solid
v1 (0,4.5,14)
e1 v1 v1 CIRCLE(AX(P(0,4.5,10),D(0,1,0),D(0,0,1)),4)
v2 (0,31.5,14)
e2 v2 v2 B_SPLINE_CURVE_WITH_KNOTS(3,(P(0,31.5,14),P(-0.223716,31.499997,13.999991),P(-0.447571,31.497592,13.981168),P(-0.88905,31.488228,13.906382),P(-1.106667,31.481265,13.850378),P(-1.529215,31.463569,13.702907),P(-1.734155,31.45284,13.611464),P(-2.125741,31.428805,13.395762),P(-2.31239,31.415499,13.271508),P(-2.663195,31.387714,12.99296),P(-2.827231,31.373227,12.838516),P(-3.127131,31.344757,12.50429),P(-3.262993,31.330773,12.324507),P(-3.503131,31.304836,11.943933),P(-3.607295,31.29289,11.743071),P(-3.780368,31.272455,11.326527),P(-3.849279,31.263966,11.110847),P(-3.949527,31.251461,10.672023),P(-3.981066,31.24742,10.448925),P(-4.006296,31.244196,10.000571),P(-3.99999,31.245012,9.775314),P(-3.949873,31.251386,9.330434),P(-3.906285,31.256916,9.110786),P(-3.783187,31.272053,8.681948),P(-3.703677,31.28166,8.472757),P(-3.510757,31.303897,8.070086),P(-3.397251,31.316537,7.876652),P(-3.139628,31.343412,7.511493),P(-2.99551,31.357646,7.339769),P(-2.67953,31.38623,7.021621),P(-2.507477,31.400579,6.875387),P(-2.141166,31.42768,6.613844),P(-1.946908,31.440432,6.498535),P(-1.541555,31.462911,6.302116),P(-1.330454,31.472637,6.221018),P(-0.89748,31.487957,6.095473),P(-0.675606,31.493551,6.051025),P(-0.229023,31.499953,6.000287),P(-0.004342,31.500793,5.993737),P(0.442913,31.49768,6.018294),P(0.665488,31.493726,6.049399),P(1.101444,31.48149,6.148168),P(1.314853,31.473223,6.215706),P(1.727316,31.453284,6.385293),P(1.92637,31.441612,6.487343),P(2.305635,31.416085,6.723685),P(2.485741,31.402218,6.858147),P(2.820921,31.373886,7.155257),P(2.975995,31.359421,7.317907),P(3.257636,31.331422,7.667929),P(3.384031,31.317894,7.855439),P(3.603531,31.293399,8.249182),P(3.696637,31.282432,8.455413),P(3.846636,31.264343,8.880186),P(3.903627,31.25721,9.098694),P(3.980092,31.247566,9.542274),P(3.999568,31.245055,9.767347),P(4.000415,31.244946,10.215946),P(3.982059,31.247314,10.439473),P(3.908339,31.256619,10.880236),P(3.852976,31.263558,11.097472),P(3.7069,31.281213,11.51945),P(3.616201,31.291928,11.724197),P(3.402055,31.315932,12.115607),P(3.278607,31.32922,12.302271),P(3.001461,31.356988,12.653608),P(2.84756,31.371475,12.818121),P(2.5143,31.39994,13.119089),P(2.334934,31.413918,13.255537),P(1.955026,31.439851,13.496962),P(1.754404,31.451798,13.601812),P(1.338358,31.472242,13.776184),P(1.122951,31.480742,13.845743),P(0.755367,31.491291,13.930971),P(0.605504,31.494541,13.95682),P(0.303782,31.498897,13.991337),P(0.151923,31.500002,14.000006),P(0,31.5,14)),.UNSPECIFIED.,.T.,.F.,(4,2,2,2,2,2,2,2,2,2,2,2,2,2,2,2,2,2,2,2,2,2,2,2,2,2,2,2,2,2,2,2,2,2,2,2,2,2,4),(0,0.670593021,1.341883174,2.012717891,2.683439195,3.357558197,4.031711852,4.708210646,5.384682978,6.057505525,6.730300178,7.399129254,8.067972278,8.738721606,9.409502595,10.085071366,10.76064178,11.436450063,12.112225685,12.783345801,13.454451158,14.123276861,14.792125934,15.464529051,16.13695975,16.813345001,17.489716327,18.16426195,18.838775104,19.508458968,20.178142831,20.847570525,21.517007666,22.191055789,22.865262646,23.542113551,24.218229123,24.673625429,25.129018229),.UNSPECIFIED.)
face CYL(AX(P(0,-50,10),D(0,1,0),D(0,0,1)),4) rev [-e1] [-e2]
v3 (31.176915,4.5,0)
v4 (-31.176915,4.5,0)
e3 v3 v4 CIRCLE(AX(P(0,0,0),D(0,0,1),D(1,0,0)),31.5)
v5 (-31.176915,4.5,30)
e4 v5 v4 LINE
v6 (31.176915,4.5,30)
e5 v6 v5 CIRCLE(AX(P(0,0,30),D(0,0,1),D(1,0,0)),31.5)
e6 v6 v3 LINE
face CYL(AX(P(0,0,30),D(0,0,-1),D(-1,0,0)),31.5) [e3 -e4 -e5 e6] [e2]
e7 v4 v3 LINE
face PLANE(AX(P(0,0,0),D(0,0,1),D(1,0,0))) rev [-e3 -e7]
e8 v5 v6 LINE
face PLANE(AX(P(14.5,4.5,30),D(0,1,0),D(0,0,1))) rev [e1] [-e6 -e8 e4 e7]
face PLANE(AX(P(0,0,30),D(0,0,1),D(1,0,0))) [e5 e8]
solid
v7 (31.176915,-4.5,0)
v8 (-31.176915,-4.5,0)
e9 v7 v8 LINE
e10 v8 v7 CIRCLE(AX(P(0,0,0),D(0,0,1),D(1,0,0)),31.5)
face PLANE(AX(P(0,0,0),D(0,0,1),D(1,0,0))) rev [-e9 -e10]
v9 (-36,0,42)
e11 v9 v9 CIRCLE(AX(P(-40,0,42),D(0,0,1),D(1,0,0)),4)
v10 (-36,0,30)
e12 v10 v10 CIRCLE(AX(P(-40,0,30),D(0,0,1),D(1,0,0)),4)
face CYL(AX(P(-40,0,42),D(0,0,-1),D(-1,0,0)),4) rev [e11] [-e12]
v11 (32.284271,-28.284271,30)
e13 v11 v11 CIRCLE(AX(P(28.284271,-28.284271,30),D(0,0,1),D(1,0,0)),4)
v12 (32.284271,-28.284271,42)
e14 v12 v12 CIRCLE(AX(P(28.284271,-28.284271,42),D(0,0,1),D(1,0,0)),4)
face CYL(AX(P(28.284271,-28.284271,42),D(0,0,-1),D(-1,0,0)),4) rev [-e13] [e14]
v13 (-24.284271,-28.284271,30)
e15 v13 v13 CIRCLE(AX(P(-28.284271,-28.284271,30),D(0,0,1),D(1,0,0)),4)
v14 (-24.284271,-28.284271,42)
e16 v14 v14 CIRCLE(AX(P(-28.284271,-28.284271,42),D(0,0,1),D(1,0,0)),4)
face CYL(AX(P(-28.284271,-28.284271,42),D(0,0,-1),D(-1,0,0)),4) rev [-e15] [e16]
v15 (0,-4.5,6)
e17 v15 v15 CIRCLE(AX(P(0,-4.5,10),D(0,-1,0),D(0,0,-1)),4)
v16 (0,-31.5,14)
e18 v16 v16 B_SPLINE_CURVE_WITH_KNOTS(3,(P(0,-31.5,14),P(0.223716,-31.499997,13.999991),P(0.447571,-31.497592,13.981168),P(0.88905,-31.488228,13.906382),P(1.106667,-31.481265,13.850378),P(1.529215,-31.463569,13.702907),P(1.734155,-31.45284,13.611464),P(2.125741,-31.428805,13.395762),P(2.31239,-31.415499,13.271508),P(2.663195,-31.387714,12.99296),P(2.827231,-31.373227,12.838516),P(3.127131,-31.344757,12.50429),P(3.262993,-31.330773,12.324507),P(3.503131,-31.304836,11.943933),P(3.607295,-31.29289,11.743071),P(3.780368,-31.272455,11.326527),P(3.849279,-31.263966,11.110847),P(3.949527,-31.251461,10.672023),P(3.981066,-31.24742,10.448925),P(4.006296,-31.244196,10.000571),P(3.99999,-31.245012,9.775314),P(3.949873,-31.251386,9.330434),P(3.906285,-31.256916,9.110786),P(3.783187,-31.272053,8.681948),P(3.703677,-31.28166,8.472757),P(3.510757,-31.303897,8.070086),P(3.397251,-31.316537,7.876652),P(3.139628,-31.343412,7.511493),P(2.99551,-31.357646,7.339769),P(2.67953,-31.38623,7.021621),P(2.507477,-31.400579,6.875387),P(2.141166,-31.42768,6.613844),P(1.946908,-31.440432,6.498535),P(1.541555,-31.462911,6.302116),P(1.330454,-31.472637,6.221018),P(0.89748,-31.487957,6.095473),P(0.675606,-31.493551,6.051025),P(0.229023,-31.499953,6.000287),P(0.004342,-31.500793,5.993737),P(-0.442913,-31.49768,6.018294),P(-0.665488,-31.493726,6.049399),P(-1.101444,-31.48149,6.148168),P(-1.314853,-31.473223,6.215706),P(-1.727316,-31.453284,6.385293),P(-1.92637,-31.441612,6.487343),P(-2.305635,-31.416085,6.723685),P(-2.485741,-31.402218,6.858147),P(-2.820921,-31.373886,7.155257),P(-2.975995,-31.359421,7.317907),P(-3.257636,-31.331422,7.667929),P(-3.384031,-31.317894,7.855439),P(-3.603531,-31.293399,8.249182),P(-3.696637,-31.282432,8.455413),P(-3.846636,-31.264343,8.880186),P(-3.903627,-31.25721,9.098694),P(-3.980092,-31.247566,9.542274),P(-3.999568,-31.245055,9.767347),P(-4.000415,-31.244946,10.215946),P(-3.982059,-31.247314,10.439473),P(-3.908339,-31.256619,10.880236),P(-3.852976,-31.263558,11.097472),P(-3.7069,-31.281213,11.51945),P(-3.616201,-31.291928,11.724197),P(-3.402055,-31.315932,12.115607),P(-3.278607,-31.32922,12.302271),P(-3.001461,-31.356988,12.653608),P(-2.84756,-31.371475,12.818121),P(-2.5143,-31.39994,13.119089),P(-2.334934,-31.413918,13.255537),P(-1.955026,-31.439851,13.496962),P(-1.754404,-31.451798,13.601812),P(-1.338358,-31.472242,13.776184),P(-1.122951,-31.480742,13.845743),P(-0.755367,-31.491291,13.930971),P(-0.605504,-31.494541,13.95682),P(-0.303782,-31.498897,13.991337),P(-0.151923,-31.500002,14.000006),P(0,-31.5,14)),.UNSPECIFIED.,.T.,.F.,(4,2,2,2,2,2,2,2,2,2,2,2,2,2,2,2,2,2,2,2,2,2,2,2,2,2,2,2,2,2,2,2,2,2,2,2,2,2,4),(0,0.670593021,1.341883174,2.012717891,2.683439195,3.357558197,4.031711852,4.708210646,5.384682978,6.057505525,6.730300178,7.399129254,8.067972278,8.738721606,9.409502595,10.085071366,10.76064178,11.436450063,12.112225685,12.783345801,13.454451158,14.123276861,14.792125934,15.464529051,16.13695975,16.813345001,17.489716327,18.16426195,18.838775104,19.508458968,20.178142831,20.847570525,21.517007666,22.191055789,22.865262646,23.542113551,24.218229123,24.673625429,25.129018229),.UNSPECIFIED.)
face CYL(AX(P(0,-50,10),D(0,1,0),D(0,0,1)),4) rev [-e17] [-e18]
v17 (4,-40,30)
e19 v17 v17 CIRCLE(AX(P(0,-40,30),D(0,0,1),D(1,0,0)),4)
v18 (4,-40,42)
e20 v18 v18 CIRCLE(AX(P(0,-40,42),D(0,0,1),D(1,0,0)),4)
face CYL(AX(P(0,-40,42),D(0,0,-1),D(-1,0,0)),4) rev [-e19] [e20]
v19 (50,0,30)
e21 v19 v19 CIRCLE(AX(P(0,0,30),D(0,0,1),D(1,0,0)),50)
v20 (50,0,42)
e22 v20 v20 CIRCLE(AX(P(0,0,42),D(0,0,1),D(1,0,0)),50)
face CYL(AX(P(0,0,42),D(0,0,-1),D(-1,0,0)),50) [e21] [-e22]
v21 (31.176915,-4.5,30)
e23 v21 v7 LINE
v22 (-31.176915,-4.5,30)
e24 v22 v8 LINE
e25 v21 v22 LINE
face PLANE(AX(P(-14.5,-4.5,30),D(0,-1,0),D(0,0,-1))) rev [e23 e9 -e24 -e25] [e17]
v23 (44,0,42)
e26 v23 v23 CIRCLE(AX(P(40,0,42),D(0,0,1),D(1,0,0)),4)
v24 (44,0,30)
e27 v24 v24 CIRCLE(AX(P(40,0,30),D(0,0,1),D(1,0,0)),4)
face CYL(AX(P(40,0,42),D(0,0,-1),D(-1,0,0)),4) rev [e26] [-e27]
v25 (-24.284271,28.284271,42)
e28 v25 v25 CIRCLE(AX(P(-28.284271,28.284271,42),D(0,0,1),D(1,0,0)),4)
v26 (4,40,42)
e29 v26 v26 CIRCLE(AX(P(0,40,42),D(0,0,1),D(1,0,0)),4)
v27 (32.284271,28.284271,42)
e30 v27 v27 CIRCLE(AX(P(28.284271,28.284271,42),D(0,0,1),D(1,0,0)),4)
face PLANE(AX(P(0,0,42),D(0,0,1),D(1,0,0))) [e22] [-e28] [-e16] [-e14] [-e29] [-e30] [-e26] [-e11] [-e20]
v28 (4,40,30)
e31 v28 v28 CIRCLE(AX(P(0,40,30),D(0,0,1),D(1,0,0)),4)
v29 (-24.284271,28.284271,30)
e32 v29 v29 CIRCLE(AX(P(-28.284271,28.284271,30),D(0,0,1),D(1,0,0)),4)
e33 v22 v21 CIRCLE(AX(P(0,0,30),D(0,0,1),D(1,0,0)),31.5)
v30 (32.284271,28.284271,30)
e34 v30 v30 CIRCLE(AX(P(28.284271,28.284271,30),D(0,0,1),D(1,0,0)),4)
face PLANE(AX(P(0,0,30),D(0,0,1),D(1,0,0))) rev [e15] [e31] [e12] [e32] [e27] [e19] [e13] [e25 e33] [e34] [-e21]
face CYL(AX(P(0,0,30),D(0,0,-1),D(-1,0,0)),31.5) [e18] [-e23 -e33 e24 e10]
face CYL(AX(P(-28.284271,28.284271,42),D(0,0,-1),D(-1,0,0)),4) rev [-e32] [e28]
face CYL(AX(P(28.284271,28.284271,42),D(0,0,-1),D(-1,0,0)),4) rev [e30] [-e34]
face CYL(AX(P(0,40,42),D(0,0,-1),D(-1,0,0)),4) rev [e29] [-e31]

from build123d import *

# Parameters (mm, degrees)
RESSALTO_EXTRUS_O1_DEPTH   = 30
RESSALTO_EXTRUS_O1_2_DEPTH = 30
ESBO_O2_R                  = 4
CORTE_EXTRUS_O1_DEPTH      = 50
ESBO_O6_R                  = 50
ESBO_O6_R_2                = 4
RESSALTO_EXTRUS_O2_DEPTH   = 12


with BuildPart() as part:
    # Esboço1 → Ressalto-extrusão1 (new body)
    with BuildSketch(Plane.XY):
        with BuildLine():
            Line((-14.5, 4.5), (-31.176914536, 4.5))
            ThreePointArc((-31.176914536, 4.5), (0, 31.5), (31.176914536, 4.5))
            Line((31.176914536, 4.5), (14.5, 4.5))
            Line((14.5, 4.5), (-14.5, 4.5))
        make_face()
    extrude(amount=RESSALTO_EXTRUS_O1_DEPTH)


with BuildPart() as body_2:
    # Esboço1 → Ressalto-extrus_o1 2 (new body)
    with BuildSketch(Plane.XY):
        with BuildLine():
            Line((-14.5, -4.5), (14.5, -4.5))
            Line((14.5, -4.5), (31.176914536, -4.5))
            ThreePointArc((31.176914536, -4.5), (0, -31.5), (-31.176914536, -4.5))
            Line((-31.176914536, -4.5), (-14.5, -4.5))
        make_face()
    extrude(amount=RESSALTO_EXTRUS_O1_2_DEPTH)


with BuildPart() as corte_extrus_o1_tool:
    # Esboço2 → Corte-extrusão1 (new body, symmetric)
    with BuildSketch(Plane(origin=(0, 0, 0), x_dir=(1, 0, 0), z_dir=(0, 1, 0))):
        with Locations((0, -10)):
            Circle(ESBO_O2_R)
    extrude(amount=CORTE_EXTRUS_O1_DEPTH, both=True)


with BuildPart() as part_1:
    add(part.part)

    # Corte-extrusão1: cut by corte_extrus_o1_tool
    add(corte_extrus_o1_tool.part, mode=Mode.SUBTRACT)


with BuildPart() as body_2_1:
    add(body_2.part)

    # Corte-extrusão1: cut by corte_extrus_o1_tool
    add(corte_extrus_o1_tool.part, mode=Mode.SUBTRACT)

    # Esboço6 → Ressalto-extrusão2 (add)
    with BuildSketch(Plane.XY.offset(30)):
        Circle(ESBO_O6_R)
        with Locations((40, 0)):
            Circle(ESBO_O6_R_2, mode=Mode.SUBTRACT)
        with Locations((-40, 0)):
            Circle(ESBO_O6_R_2, mode=Mode.SUBTRACT)
        with Locations((-28.284271247, 28.284271247)):
            Circle(ESBO_O6_R_2, mode=Mode.SUBTRACT)
        with Locations((-28.284271247, -28.284271247)):
            Circle(ESBO_O6_R_2, mode=Mode.SUBTRACT)
        with Locations((28.284271247, -28.284271247)):
            Circle(ESBO_O6_R_2, mode=Mode.SUBTRACT)
        with Locations((28.284271247, 28.284271247)):
            Circle(ESBO_O6_R_2, mode=Mode.SUBTRACT)
        with Locations((0, 40)):
            Circle(ESBO_O6_R_2, mode=Mode.SUBTRACT)
        with Locations((0, -40)):
            Circle(ESBO_O6_R_2, mode=Mode.SUBTRACT)
    extrude(amount=RESSALTO_EXTRUS_O2_DEPTH)


solid = Compound([part_1.part, body_2_1.part])
